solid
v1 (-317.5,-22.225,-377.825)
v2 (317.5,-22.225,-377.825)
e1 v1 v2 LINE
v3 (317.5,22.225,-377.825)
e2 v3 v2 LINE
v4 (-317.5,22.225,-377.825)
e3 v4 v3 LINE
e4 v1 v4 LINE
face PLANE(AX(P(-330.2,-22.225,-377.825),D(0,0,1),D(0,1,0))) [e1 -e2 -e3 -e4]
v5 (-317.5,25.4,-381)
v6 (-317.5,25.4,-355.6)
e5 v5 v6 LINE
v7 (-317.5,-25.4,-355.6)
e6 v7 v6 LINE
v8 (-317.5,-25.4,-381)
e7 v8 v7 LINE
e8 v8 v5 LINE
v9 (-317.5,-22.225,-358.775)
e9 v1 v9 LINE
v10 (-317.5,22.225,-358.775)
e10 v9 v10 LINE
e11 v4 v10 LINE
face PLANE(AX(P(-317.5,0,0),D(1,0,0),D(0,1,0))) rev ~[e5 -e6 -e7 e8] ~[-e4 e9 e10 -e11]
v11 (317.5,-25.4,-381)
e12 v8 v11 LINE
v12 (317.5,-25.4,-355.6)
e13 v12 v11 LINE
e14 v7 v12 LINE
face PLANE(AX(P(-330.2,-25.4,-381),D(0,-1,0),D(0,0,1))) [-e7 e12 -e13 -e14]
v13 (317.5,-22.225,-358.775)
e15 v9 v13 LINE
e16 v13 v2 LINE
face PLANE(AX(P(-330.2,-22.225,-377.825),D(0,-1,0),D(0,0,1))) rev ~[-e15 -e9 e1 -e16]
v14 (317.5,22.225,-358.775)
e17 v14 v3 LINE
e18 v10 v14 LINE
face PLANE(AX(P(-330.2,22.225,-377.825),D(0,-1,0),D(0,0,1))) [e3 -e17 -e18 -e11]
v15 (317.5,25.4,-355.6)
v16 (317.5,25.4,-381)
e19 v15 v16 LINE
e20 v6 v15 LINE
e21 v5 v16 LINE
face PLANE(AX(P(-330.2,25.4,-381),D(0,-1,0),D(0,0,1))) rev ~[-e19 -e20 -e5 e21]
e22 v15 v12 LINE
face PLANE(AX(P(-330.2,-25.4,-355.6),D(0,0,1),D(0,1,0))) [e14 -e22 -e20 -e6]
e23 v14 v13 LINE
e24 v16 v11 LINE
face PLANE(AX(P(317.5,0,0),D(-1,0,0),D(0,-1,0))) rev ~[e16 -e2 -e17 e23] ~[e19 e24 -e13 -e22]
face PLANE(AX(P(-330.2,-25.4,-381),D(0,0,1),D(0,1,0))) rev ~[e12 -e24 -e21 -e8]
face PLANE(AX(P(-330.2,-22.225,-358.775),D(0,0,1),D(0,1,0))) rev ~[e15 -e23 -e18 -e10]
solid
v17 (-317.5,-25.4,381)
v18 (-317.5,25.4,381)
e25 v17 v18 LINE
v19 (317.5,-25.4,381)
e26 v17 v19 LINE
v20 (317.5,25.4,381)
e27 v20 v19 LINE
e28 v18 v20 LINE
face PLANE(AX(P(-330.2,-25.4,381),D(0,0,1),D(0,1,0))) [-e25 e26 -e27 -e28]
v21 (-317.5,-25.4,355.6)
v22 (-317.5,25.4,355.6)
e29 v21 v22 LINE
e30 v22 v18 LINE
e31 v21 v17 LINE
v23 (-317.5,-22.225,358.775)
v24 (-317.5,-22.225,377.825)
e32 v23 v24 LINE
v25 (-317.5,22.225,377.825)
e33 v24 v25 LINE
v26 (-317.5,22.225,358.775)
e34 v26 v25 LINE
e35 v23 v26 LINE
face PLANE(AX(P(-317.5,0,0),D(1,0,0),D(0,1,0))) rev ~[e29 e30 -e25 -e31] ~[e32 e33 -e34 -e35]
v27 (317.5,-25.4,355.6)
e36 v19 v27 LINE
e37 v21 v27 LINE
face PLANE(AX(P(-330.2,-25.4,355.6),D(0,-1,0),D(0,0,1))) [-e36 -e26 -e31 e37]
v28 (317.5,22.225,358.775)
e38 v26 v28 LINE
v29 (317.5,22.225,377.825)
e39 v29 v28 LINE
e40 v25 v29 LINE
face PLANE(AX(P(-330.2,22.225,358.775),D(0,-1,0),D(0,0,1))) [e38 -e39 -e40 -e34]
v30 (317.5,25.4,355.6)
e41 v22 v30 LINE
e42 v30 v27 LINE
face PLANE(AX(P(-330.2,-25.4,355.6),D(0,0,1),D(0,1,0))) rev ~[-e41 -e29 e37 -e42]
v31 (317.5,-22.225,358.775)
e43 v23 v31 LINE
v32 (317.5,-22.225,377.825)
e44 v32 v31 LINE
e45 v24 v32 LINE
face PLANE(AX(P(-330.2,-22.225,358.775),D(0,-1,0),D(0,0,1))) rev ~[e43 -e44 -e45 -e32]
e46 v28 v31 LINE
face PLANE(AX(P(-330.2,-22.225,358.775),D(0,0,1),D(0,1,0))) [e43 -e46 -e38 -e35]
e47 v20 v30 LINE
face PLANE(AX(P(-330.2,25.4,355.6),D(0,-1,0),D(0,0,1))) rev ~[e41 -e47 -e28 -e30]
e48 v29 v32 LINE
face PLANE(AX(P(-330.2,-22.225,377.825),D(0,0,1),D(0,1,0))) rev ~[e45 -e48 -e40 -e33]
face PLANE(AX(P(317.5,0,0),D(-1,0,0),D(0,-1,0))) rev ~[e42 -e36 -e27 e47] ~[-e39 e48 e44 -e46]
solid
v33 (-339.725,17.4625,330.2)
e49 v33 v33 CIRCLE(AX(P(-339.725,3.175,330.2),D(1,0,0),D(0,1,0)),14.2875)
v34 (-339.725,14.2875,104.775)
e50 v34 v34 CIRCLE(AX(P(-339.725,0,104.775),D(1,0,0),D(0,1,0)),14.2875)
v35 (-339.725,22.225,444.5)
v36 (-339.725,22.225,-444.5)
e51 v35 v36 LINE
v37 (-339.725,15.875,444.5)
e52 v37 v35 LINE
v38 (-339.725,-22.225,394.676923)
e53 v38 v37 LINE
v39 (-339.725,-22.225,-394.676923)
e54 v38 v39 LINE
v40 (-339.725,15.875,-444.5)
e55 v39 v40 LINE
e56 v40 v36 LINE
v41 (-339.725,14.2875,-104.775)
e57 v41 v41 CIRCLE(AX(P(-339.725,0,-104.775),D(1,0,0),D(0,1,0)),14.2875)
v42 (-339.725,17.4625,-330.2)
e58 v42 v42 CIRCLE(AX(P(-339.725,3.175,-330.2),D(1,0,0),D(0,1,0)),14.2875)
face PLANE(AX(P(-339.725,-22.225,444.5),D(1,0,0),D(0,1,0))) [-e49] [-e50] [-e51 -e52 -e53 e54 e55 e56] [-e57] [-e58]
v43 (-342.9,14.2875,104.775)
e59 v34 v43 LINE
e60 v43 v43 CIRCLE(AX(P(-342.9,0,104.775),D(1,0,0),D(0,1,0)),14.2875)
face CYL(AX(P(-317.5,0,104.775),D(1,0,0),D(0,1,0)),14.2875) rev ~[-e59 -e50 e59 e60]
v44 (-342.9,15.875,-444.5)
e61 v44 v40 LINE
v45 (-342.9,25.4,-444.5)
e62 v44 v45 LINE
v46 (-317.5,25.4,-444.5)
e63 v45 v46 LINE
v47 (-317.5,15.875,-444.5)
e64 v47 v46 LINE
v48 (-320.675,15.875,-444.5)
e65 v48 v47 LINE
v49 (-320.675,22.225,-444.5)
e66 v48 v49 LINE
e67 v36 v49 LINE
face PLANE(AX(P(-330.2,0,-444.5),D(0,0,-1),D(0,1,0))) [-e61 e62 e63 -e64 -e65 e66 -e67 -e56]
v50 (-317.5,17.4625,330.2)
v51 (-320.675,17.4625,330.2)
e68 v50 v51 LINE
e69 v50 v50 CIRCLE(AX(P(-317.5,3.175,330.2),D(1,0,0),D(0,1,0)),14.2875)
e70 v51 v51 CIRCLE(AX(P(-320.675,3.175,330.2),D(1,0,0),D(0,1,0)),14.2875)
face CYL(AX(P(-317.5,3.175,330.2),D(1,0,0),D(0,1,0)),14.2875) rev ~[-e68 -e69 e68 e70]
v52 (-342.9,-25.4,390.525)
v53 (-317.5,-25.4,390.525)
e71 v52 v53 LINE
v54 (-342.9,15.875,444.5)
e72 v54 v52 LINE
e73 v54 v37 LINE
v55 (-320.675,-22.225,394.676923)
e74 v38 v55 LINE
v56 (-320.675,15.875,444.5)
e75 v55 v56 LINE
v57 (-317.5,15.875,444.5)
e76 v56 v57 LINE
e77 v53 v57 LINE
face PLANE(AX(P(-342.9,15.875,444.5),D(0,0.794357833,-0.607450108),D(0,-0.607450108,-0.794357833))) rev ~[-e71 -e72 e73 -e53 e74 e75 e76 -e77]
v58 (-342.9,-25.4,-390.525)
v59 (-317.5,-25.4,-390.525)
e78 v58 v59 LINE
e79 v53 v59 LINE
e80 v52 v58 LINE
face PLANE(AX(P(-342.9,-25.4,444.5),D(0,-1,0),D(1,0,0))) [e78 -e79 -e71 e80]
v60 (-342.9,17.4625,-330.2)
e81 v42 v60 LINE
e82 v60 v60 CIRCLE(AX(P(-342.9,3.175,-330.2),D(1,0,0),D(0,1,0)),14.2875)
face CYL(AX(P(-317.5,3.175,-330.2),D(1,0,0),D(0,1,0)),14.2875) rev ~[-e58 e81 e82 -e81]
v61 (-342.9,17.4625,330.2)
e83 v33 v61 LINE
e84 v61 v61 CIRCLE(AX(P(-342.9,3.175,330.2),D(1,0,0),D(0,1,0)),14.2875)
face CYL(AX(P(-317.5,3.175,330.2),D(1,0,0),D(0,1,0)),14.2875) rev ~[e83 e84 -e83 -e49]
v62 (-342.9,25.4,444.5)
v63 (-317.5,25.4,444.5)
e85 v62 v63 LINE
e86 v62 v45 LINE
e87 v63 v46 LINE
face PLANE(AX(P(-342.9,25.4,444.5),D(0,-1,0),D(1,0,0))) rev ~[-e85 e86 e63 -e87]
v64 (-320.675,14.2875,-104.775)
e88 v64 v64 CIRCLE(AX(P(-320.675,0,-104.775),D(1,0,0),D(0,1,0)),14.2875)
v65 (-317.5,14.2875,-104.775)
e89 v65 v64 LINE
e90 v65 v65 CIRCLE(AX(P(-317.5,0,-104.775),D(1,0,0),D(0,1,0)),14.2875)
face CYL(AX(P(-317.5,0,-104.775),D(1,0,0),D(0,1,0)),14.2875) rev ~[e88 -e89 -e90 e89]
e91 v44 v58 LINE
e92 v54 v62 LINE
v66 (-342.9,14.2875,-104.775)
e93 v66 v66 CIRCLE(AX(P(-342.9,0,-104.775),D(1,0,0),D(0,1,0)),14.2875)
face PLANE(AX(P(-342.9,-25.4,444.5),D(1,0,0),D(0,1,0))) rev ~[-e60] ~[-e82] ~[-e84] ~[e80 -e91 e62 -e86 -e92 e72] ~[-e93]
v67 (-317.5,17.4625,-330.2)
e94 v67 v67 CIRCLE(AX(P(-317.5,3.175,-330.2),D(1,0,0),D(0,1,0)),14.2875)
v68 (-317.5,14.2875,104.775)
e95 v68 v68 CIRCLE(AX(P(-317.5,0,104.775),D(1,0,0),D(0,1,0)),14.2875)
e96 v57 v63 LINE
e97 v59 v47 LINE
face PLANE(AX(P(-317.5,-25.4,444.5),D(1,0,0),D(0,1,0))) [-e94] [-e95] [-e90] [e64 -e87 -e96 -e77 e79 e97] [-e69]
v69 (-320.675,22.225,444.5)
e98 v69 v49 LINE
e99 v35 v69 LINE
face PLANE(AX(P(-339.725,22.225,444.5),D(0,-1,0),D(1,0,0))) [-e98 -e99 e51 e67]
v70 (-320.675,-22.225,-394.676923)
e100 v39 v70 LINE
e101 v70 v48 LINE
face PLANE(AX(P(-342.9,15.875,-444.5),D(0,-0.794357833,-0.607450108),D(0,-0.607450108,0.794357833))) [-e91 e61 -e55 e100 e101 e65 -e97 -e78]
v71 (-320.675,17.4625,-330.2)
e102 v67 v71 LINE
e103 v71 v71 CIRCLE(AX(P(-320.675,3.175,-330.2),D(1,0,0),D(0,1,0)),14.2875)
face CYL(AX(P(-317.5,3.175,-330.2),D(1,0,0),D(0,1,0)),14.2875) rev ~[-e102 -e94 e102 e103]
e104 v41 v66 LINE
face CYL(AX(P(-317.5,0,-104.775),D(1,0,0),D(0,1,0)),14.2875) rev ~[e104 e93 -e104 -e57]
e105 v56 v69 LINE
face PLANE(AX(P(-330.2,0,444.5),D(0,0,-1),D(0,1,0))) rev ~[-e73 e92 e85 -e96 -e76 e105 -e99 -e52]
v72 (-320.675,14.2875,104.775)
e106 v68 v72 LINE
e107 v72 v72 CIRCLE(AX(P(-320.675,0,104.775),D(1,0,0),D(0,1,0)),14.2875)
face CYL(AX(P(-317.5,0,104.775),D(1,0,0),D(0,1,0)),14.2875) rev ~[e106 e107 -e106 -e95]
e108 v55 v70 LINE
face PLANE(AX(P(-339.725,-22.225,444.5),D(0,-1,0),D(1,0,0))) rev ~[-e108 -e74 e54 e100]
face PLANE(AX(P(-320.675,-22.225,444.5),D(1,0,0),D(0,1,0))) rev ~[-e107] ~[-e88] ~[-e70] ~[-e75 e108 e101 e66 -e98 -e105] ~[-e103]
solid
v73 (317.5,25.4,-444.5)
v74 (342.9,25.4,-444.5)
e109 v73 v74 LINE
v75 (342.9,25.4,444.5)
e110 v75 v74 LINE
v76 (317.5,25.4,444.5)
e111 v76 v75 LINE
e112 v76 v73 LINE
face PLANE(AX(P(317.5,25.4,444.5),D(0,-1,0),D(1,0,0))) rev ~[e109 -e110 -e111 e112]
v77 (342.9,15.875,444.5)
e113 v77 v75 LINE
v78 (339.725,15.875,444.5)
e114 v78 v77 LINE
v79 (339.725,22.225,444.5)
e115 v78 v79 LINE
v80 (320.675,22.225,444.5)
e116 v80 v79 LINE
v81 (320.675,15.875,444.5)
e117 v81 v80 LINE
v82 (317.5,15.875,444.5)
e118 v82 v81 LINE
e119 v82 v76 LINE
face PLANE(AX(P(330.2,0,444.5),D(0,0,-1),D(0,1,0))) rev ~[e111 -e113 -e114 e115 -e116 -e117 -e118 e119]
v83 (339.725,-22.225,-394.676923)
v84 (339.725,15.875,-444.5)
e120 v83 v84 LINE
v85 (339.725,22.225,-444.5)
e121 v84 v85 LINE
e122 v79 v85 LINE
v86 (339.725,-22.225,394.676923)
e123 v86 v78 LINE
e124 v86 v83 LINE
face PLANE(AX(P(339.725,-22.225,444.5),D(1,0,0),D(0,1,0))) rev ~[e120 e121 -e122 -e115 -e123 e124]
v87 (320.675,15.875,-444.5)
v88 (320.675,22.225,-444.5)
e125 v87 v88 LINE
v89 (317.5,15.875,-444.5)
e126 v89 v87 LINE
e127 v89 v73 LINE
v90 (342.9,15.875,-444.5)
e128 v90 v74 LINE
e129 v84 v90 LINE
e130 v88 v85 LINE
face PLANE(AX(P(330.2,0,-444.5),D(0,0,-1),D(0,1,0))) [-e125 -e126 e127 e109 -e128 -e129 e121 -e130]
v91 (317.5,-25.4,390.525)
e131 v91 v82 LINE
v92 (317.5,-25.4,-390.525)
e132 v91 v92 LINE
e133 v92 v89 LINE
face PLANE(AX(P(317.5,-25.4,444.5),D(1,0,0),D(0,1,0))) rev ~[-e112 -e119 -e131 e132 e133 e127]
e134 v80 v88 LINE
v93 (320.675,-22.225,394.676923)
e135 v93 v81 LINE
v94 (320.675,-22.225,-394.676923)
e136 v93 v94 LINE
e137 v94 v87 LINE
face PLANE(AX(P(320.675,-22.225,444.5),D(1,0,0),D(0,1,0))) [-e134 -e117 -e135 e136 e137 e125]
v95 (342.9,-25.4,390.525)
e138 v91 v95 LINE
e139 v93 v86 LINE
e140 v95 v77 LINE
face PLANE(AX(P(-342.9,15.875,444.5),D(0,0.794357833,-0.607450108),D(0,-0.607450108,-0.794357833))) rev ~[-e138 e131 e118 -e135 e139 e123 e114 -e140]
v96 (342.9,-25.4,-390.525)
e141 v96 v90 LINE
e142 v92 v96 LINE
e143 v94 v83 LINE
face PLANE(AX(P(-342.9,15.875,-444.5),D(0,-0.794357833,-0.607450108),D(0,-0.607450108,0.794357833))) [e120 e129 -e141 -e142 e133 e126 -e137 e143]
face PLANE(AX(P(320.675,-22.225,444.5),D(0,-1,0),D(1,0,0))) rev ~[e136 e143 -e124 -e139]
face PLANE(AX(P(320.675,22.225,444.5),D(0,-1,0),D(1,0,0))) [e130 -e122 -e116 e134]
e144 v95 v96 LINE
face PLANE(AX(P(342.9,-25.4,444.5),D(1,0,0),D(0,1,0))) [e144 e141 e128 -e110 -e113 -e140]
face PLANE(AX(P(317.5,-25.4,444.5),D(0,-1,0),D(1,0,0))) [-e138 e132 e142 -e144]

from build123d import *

# Parameters (mm, degrees)
SKETCH12_W                               = 50.8
SKETCH12_H                               = 25.4
SKETCH12_W_2                             = 44.45
SKETCH12_H_2                             = 19.05
RECTANGULAR_TUBE_2_X_1_X_0_125_1_DEPTH   = 889
SKETCH12_ON_SEGMENT_2_W                  = 50.8
SKETCH12_ON_SEGMENT_2_H                  = 25.4
SKETCH12_ON_SEGMENT_2_W_2                = 44.45
SKETCH12_ON_SEGMENT_2_H_2                = 19.05
RECTANGULAR_TUBE_2_X_1_X_0_125_1_2_DEPTH = 889
SKETCH13_W                               = 50.8
SKETCH13_H                               = 25.4
SKETCH13_W_2                             = 44.45
SKETCH13_H_2                             = 19.05
RECTANGULAR_TUBE_2_X_1_X_0_125_2_DEPTH   = 660.4
SKETCH13_ON_SEGMENT_2_W                  = 50.8
SKETCH13_ON_SEGMENT_2_H                  = 25.4
SKETCH13_ON_SEGMENT_2_W_2                = 44.45
SKETCH13_ON_SEGMENT_2_H_2                = 19.05
RECTANGULAR_TUBE_2_X_1_X_0_125_2_2_DEPTH = 660.4
CUT_EXTRUDE1_DEPTH                       = 818.647265023
SKETCH15_R                               = 14.2875
CUT_EXTRUDE2_DEPTH                       = 797.46316299


with BuildPart() as part:
    # Sketch12 → Rectangular tube 2 X 1 X 0.125(1) (new body)
    with BuildSketch(Plane(origin=(-330.2, 0, 444.5), x_dir=(0, 1, 0), z_dir=(0, 0, -1))):
        Rectangle(SKETCH12_W, SKETCH12_H)
        Rectangle(SKETCH12_W_2, SKETCH12_H_2, mode=Mode.SUBTRACT)
    extrude(amount=RECTANGULAR_TUBE_2_X_1_X_0_125_1_DEPTH)


with BuildPart() as body_2:
    # Sketch12 on segment 2 (carried to segment 2) → Rectangular tube 2 X 1 X 0.125_1 2 (new body)
    with BuildSketch(Plane(origin=(330.2, 0, 444.5), x_dir=(0, 1, 0), z_dir=(0, 0, -1))):
        Rectangle(SKETCH12_ON_SEGMENT_2_W, SKETCH12_ON_SEGMENT_2_H)
        Rectangle(SKETCH12_ON_SEGMENT_2_W_2, SKETCH12_ON_SEGMENT_2_H_2, mode=Mode.SUBTRACT)
    extrude(amount=RECTANGULAR_TUBE_2_X_1_X_0_125_1_2_DEPTH)


with BuildPart() as body_3:
    # Sketch13 → Rectangular tube 2 X 1 X 0.125(2) (new body)
    with BuildSketch(Plane(origin=(-330.2, 0, -368.3), x_dir=(0, 1, 0), z_dir=(1, 0, 0))):
        Rectangle(SKETCH13_W, SKETCH13_H)
        Rectangle(SKETCH13_W_2, SKETCH13_H_2, mode=Mode.SUBTRACT)
    extrude(amount=RECTANGULAR_TUBE_2_X_1_X_0_125_2_DEPTH)

    # Trim_Extend1 21
    split(bisect_by=Plane.YZ.offset(-317.5), keep=Keep.TOP)

    # Trim_Extend1 26
    split(bisect_by=Plane(origin=(317.5, 0, 0), x_dir=(0, -1, 0), z_dir=(-1, 0, 0)), keep=Keep.TOP)


with BuildPart() as body_4:
    # Sketch13 on segment 2 (carried to segment 2) → Rectangular tube 2 X 1 X 0.125_2 2 (new body)
    with BuildSketch(Plane(origin=(-330.2, 0, 368.3), x_dir=(0, 1, 0), z_dir=(1, 0, 0))):
        Rectangle(SKETCH13_ON_SEGMENT_2_W, SKETCH13_ON_SEGMENT_2_H)
        Rectangle(SKETCH13_ON_SEGMENT_2_W_2, SKETCH13_ON_SEGMENT_2_H_2, mode=Mode.SUBTRACT)
    extrude(amount=RECTANGULAR_TUBE_2_X_1_X_0_125_2_2_DEPTH)

    # Trim_Extend1 3
    split(bisect_by=Plane.YZ.offset(-317.5), keep=Keep.TOP)

    # Trim_Extend1 26
    split(bisect_by=Plane(origin=(317.5, 0, 0), x_dir=(0, -1, 0), z_dir=(-1, 0, 0)), keep=Keep.TOP)


with BuildPart() as cut_extrude1_tool:
    # Sketch14 → Cut-Extrude1 (new, through all)
    with BuildSketch(Plane.ZY.offset(342.9)):
        Polygon((-444.5, 15.875), (-390.525, -25.4), (-444.5, -25.4), align=None)
        Polygon((444.5, -25.4), (444.5, 15.875), (390.525, -25.4), align=None)
    extrude(amount=-CUT_EXTRUDE1_DEPTH)


with BuildPart() as part_1:
    add(part.part)

    # Cut-Extrude1: cut by cut_extrude1_tool
    add(cut_extrude1_tool.part, mode=Mode.SUBTRACT)

    # Sketch15 → Cut-Extrude2 (cut, through all)
    with BuildSketch(Plane(origin=(-317.5, 0, 0), x_dir=(0, 0, -1), z_dir=(1, 0, 0))):
        with Locations(Location((330.2, 3.175, 0), (0, 0, 90))):
            Circle(SKETCH15_R)
        with Locations(Location((104.775, 0, 0), (0, 0, 90))):
            Circle(SKETCH15_R)
        with Locations(Location((-330.2, 3.175, 0), (0, 0, 90))):
            Circle(SKETCH15_R)
        with Locations(Location((-104.775, 0, 0), (0, 0, 90))):
            Circle(SKETCH15_R)
    extrude(amount=-CUT_EXTRUDE2_DEPTH, mode=Mode.SUBTRACT)


with BuildPart() as body_2_1:
    add(body_2.part)

    # Cut-Extrude1: cut by cut_extrude1_tool
    add(cut_extrude1_tool.part, mode=Mode.SUBTRACT)


solid = Compound([body_3.part, body_4.part, part_1.part, body_2_1.part])
